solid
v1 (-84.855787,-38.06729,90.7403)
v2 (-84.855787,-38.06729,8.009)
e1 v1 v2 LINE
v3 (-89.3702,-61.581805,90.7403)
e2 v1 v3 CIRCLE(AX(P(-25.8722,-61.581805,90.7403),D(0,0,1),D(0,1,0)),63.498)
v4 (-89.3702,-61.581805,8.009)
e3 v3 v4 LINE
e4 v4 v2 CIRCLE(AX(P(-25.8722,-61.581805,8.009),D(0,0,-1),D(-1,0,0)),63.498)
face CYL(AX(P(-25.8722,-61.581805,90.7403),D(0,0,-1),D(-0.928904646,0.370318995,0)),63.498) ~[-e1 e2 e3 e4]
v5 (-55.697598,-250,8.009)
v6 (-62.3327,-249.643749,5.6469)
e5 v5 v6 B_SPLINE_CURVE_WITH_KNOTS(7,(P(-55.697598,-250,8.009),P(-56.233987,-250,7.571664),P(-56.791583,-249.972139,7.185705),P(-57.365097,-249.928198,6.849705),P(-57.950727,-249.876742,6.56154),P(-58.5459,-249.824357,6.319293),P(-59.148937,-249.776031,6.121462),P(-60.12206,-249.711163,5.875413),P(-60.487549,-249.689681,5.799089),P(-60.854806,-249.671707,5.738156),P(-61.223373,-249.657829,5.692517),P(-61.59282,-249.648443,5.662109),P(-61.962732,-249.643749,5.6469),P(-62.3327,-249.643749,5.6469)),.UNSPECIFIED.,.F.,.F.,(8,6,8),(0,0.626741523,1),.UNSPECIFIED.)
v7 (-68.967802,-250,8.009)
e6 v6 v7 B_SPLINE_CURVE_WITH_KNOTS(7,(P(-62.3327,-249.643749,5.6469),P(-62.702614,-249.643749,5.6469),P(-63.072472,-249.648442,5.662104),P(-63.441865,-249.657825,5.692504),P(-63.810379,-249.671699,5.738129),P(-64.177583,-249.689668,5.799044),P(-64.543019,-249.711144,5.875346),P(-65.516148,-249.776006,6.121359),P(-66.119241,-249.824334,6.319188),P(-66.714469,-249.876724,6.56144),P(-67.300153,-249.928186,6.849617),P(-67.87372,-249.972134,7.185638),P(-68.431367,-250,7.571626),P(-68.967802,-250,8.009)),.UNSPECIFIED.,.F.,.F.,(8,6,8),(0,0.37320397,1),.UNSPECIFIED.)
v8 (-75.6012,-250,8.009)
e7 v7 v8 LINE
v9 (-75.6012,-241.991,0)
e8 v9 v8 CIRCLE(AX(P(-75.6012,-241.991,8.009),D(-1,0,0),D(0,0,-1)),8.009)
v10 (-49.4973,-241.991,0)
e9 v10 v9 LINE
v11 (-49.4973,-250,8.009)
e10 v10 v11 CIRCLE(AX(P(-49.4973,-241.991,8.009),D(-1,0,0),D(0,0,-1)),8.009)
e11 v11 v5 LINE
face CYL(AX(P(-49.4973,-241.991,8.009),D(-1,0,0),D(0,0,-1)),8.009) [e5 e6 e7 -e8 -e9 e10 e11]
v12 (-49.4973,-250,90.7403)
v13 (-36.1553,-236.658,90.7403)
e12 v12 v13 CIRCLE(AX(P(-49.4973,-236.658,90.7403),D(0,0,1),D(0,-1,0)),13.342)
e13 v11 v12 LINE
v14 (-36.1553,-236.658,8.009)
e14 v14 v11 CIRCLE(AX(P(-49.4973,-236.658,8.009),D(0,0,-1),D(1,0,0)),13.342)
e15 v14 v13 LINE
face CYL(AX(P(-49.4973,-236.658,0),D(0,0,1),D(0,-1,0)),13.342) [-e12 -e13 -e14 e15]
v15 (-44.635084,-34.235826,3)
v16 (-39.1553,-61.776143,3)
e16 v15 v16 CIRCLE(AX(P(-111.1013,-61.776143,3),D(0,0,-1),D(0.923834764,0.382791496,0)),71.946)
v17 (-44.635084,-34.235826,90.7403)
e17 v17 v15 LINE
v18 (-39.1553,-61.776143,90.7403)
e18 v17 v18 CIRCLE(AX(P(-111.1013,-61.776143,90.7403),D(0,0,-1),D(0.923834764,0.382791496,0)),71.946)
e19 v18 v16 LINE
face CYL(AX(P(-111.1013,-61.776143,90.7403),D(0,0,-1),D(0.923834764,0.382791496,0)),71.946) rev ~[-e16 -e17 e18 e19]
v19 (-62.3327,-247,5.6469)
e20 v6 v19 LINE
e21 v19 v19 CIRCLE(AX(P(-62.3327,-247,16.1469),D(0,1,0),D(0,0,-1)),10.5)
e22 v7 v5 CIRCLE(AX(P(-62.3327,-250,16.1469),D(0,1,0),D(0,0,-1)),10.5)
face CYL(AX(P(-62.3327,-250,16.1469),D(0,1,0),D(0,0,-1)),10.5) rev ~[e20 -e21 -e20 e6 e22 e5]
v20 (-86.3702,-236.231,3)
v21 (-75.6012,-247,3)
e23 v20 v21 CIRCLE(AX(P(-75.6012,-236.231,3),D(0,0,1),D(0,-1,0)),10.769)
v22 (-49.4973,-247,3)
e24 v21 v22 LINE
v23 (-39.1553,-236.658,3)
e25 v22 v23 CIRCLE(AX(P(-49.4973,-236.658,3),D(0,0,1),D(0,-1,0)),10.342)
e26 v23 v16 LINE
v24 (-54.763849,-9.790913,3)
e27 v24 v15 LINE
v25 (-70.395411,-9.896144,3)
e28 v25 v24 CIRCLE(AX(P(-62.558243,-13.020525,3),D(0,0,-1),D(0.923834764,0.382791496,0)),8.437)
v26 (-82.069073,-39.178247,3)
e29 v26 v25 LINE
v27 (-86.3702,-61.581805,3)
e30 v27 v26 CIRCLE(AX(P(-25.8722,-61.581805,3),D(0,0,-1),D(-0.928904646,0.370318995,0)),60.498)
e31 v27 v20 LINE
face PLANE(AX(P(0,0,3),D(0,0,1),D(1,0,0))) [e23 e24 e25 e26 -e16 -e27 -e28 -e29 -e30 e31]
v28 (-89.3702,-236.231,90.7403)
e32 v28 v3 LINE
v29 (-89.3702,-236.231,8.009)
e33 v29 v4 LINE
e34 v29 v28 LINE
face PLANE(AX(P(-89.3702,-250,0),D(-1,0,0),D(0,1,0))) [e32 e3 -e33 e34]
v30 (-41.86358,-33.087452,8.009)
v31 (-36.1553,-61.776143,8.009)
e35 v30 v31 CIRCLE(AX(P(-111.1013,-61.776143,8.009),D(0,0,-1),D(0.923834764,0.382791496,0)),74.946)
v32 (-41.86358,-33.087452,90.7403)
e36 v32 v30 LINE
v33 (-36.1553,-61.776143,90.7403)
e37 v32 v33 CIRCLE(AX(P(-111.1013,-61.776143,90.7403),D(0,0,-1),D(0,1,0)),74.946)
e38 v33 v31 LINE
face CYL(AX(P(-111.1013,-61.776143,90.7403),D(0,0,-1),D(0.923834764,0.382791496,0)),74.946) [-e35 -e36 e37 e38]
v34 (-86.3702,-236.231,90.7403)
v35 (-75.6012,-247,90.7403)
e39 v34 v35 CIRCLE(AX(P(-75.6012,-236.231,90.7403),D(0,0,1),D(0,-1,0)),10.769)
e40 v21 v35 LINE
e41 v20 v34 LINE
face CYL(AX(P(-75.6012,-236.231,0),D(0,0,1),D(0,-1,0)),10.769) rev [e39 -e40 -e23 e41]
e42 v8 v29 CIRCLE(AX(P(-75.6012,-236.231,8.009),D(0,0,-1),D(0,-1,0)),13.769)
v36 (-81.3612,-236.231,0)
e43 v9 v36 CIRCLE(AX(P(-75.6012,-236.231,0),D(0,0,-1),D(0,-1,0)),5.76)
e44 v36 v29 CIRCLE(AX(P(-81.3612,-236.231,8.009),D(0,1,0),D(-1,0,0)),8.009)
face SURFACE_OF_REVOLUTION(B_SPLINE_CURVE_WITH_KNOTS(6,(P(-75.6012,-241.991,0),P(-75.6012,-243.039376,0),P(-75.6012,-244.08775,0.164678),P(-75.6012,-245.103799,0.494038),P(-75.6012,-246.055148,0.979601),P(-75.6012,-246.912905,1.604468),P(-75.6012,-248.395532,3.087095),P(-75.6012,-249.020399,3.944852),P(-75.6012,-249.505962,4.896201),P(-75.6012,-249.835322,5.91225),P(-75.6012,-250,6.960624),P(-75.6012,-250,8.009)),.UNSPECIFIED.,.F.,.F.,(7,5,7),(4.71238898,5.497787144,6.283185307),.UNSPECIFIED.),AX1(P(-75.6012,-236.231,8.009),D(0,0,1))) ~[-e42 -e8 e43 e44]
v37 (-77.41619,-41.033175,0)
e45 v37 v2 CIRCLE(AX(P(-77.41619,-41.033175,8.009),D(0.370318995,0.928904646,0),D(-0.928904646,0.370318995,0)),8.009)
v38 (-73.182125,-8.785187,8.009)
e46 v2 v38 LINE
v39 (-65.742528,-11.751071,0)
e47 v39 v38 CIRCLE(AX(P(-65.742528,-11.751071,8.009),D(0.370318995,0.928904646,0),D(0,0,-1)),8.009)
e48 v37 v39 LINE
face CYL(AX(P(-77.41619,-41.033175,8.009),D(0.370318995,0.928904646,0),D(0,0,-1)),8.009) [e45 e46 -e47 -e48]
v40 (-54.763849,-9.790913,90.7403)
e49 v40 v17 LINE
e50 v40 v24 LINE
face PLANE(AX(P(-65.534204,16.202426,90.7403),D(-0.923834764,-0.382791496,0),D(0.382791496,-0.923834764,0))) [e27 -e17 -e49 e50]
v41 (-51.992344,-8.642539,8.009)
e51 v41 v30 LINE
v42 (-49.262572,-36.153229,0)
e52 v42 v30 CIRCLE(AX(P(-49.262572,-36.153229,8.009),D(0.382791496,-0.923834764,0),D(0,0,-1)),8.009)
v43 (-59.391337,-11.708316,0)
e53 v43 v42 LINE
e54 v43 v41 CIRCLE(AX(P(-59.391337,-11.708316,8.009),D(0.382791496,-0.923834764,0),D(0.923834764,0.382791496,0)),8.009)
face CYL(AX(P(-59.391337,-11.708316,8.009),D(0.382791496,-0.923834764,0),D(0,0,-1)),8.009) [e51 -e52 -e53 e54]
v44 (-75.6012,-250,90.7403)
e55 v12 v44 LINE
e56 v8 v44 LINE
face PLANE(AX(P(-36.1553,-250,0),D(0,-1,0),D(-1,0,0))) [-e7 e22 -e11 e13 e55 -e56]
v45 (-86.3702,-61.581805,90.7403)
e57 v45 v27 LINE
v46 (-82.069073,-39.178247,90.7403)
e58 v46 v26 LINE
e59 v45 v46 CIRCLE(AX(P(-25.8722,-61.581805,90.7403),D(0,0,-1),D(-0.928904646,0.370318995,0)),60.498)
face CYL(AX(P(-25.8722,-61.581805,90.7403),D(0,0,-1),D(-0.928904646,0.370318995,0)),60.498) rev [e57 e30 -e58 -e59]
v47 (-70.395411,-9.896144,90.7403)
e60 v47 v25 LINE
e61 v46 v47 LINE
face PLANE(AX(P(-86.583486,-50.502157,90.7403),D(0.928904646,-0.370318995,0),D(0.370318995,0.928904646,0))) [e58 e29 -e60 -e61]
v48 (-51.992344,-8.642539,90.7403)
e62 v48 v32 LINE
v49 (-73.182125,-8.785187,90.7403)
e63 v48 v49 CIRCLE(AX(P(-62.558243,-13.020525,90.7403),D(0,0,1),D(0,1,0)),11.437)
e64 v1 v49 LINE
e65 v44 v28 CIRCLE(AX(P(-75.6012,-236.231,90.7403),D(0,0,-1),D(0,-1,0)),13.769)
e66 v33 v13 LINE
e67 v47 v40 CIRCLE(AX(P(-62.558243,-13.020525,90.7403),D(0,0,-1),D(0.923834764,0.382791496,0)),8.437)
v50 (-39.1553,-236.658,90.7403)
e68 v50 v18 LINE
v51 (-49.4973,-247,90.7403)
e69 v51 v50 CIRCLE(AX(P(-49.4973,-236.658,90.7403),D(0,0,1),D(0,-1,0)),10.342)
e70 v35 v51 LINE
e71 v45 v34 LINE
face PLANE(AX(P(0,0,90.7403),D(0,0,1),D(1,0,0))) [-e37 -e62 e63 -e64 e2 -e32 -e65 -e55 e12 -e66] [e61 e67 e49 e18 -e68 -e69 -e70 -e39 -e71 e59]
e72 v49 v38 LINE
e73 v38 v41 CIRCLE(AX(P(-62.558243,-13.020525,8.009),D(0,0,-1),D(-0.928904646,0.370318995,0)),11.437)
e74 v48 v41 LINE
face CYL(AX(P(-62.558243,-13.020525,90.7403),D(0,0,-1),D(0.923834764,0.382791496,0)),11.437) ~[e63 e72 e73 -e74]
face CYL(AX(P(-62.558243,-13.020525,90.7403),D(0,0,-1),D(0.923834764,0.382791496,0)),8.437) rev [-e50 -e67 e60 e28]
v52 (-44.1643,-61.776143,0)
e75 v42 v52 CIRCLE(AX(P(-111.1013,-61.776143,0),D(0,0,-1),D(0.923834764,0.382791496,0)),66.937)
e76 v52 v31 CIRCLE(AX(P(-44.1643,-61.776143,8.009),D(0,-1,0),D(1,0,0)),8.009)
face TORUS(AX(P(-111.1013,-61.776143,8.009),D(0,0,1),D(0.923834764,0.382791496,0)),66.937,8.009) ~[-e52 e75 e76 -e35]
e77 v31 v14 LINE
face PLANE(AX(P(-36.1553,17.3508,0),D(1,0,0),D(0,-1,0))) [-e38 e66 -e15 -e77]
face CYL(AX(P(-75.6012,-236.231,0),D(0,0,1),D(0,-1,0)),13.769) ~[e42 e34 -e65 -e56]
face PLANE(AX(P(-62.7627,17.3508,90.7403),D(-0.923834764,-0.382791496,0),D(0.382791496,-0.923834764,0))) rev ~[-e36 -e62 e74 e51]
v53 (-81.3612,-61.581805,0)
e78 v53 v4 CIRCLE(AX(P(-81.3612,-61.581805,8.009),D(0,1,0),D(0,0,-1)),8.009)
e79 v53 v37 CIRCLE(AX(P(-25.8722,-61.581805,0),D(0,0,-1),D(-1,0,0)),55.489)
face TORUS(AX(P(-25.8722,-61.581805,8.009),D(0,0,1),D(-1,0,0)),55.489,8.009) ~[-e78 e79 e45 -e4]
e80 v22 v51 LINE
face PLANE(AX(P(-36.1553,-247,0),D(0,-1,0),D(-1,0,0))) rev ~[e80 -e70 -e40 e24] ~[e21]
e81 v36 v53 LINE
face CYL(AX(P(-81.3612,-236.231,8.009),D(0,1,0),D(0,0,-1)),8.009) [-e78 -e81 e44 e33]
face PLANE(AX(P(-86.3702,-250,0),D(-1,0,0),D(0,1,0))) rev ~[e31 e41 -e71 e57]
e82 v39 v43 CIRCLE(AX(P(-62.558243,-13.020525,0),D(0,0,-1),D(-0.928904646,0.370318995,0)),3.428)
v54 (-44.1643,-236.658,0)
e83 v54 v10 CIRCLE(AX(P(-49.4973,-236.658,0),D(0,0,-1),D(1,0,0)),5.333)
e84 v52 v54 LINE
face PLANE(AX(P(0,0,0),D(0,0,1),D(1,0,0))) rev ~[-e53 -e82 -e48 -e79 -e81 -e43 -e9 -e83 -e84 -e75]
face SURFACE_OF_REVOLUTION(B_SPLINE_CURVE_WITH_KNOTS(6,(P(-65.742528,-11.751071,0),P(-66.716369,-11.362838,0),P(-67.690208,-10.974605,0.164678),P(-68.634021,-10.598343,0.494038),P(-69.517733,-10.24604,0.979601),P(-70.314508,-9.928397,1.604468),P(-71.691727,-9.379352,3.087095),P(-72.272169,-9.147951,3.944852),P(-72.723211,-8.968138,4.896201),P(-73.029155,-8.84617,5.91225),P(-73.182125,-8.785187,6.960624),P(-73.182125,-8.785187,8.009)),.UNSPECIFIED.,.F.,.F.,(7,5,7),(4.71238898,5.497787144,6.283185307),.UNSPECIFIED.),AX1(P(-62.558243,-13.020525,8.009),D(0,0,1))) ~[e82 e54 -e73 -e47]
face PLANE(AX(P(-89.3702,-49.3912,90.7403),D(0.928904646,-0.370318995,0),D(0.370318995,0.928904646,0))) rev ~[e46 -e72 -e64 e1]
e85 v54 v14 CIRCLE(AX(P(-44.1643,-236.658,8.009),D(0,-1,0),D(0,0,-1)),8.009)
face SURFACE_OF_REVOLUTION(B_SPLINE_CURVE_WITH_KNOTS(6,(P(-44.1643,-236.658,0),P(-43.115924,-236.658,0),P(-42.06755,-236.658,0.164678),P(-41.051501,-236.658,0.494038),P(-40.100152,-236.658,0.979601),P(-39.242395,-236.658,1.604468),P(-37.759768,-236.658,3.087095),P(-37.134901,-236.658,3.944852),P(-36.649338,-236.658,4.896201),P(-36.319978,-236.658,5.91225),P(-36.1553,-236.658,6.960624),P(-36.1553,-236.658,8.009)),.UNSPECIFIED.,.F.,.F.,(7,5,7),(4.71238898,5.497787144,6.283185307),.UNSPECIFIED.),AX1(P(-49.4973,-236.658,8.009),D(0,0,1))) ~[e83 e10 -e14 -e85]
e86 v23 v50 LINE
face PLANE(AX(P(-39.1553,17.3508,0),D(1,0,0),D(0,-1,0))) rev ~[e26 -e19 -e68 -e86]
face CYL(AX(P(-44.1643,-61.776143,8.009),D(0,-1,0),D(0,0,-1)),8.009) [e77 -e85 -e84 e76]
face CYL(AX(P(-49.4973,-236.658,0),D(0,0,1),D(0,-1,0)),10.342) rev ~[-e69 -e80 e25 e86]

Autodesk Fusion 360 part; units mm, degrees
sketch "Sketch1" plane through (0, 0, 0) normal (0, 0, 1) x (1, 0, 0)
  line L0 (-36.1553, -250) -> (-89.3702, -250)
  line L1 (-89.3702, -250) -> (-89.3702, 17.3508)
  line L2 (-89.3702, 17.3508) -> (-36.1553, 17.3508)
  line L3 (-36.1553, 17.3508) -> (-36.1553, -250)
extrude "Extrude1" add sketch "Sketch1" along normal blind 90.7403
sketch "Sketch2" plane through (0, 0, 90.7403) normal (0, 0, 1) x (-1, 0, 0)
  line L0 (36.1553, -17.3508) -> (89.3702, -17.3508)
  line L1 (89.3702, -17.3508) -> (89.3702, 250)
  line L2 (89.3702, 250) -> (36.1553, 250)
  line L3 (36.1553, 250) -> (36.1553, -17.3508)
  line L4 (89.3702, 49.3912) -> (62.7627, -17.3508)
  line L5 (62.7627, -17.3508) -> (36.1553, 46.8639)
extrude "Extrude2" cut sketch "Sketch2" against normal blind 218.776 contours L0 L3 L5 | L0 L1 L4
fillet "Fillet1" radius 11.437 1 edges at (-62.7627, 17.3508, 45.3701)
fillet "Fillet2" radius 63.498 1 edges at (-89.3702, -49.3912, 45.3701)
fillet "Fillet3" radius 74.946 1 edges at (-36.1553, -46.8639, 45.3701)
fillet "Fillet4" radius 13.769 1 edges at (-89.3702, -250, 45.3701)
fillet "Fillet5" radius 13.342 1 edges at (-36.1553, -250, 45.3701)
shell "Shell1" thickness 3 removed faces 1 at (-53.8936, -178.2217, 90.7403)
fillet "Fillet8" radius 8.009 1 faces at (-53.8936, -178.2217, 0)
hole "Hole2" at (-62.3327, -250, 16.1469) direction (0, 1, 0) diameter 21 depth 30 tip angle 118
